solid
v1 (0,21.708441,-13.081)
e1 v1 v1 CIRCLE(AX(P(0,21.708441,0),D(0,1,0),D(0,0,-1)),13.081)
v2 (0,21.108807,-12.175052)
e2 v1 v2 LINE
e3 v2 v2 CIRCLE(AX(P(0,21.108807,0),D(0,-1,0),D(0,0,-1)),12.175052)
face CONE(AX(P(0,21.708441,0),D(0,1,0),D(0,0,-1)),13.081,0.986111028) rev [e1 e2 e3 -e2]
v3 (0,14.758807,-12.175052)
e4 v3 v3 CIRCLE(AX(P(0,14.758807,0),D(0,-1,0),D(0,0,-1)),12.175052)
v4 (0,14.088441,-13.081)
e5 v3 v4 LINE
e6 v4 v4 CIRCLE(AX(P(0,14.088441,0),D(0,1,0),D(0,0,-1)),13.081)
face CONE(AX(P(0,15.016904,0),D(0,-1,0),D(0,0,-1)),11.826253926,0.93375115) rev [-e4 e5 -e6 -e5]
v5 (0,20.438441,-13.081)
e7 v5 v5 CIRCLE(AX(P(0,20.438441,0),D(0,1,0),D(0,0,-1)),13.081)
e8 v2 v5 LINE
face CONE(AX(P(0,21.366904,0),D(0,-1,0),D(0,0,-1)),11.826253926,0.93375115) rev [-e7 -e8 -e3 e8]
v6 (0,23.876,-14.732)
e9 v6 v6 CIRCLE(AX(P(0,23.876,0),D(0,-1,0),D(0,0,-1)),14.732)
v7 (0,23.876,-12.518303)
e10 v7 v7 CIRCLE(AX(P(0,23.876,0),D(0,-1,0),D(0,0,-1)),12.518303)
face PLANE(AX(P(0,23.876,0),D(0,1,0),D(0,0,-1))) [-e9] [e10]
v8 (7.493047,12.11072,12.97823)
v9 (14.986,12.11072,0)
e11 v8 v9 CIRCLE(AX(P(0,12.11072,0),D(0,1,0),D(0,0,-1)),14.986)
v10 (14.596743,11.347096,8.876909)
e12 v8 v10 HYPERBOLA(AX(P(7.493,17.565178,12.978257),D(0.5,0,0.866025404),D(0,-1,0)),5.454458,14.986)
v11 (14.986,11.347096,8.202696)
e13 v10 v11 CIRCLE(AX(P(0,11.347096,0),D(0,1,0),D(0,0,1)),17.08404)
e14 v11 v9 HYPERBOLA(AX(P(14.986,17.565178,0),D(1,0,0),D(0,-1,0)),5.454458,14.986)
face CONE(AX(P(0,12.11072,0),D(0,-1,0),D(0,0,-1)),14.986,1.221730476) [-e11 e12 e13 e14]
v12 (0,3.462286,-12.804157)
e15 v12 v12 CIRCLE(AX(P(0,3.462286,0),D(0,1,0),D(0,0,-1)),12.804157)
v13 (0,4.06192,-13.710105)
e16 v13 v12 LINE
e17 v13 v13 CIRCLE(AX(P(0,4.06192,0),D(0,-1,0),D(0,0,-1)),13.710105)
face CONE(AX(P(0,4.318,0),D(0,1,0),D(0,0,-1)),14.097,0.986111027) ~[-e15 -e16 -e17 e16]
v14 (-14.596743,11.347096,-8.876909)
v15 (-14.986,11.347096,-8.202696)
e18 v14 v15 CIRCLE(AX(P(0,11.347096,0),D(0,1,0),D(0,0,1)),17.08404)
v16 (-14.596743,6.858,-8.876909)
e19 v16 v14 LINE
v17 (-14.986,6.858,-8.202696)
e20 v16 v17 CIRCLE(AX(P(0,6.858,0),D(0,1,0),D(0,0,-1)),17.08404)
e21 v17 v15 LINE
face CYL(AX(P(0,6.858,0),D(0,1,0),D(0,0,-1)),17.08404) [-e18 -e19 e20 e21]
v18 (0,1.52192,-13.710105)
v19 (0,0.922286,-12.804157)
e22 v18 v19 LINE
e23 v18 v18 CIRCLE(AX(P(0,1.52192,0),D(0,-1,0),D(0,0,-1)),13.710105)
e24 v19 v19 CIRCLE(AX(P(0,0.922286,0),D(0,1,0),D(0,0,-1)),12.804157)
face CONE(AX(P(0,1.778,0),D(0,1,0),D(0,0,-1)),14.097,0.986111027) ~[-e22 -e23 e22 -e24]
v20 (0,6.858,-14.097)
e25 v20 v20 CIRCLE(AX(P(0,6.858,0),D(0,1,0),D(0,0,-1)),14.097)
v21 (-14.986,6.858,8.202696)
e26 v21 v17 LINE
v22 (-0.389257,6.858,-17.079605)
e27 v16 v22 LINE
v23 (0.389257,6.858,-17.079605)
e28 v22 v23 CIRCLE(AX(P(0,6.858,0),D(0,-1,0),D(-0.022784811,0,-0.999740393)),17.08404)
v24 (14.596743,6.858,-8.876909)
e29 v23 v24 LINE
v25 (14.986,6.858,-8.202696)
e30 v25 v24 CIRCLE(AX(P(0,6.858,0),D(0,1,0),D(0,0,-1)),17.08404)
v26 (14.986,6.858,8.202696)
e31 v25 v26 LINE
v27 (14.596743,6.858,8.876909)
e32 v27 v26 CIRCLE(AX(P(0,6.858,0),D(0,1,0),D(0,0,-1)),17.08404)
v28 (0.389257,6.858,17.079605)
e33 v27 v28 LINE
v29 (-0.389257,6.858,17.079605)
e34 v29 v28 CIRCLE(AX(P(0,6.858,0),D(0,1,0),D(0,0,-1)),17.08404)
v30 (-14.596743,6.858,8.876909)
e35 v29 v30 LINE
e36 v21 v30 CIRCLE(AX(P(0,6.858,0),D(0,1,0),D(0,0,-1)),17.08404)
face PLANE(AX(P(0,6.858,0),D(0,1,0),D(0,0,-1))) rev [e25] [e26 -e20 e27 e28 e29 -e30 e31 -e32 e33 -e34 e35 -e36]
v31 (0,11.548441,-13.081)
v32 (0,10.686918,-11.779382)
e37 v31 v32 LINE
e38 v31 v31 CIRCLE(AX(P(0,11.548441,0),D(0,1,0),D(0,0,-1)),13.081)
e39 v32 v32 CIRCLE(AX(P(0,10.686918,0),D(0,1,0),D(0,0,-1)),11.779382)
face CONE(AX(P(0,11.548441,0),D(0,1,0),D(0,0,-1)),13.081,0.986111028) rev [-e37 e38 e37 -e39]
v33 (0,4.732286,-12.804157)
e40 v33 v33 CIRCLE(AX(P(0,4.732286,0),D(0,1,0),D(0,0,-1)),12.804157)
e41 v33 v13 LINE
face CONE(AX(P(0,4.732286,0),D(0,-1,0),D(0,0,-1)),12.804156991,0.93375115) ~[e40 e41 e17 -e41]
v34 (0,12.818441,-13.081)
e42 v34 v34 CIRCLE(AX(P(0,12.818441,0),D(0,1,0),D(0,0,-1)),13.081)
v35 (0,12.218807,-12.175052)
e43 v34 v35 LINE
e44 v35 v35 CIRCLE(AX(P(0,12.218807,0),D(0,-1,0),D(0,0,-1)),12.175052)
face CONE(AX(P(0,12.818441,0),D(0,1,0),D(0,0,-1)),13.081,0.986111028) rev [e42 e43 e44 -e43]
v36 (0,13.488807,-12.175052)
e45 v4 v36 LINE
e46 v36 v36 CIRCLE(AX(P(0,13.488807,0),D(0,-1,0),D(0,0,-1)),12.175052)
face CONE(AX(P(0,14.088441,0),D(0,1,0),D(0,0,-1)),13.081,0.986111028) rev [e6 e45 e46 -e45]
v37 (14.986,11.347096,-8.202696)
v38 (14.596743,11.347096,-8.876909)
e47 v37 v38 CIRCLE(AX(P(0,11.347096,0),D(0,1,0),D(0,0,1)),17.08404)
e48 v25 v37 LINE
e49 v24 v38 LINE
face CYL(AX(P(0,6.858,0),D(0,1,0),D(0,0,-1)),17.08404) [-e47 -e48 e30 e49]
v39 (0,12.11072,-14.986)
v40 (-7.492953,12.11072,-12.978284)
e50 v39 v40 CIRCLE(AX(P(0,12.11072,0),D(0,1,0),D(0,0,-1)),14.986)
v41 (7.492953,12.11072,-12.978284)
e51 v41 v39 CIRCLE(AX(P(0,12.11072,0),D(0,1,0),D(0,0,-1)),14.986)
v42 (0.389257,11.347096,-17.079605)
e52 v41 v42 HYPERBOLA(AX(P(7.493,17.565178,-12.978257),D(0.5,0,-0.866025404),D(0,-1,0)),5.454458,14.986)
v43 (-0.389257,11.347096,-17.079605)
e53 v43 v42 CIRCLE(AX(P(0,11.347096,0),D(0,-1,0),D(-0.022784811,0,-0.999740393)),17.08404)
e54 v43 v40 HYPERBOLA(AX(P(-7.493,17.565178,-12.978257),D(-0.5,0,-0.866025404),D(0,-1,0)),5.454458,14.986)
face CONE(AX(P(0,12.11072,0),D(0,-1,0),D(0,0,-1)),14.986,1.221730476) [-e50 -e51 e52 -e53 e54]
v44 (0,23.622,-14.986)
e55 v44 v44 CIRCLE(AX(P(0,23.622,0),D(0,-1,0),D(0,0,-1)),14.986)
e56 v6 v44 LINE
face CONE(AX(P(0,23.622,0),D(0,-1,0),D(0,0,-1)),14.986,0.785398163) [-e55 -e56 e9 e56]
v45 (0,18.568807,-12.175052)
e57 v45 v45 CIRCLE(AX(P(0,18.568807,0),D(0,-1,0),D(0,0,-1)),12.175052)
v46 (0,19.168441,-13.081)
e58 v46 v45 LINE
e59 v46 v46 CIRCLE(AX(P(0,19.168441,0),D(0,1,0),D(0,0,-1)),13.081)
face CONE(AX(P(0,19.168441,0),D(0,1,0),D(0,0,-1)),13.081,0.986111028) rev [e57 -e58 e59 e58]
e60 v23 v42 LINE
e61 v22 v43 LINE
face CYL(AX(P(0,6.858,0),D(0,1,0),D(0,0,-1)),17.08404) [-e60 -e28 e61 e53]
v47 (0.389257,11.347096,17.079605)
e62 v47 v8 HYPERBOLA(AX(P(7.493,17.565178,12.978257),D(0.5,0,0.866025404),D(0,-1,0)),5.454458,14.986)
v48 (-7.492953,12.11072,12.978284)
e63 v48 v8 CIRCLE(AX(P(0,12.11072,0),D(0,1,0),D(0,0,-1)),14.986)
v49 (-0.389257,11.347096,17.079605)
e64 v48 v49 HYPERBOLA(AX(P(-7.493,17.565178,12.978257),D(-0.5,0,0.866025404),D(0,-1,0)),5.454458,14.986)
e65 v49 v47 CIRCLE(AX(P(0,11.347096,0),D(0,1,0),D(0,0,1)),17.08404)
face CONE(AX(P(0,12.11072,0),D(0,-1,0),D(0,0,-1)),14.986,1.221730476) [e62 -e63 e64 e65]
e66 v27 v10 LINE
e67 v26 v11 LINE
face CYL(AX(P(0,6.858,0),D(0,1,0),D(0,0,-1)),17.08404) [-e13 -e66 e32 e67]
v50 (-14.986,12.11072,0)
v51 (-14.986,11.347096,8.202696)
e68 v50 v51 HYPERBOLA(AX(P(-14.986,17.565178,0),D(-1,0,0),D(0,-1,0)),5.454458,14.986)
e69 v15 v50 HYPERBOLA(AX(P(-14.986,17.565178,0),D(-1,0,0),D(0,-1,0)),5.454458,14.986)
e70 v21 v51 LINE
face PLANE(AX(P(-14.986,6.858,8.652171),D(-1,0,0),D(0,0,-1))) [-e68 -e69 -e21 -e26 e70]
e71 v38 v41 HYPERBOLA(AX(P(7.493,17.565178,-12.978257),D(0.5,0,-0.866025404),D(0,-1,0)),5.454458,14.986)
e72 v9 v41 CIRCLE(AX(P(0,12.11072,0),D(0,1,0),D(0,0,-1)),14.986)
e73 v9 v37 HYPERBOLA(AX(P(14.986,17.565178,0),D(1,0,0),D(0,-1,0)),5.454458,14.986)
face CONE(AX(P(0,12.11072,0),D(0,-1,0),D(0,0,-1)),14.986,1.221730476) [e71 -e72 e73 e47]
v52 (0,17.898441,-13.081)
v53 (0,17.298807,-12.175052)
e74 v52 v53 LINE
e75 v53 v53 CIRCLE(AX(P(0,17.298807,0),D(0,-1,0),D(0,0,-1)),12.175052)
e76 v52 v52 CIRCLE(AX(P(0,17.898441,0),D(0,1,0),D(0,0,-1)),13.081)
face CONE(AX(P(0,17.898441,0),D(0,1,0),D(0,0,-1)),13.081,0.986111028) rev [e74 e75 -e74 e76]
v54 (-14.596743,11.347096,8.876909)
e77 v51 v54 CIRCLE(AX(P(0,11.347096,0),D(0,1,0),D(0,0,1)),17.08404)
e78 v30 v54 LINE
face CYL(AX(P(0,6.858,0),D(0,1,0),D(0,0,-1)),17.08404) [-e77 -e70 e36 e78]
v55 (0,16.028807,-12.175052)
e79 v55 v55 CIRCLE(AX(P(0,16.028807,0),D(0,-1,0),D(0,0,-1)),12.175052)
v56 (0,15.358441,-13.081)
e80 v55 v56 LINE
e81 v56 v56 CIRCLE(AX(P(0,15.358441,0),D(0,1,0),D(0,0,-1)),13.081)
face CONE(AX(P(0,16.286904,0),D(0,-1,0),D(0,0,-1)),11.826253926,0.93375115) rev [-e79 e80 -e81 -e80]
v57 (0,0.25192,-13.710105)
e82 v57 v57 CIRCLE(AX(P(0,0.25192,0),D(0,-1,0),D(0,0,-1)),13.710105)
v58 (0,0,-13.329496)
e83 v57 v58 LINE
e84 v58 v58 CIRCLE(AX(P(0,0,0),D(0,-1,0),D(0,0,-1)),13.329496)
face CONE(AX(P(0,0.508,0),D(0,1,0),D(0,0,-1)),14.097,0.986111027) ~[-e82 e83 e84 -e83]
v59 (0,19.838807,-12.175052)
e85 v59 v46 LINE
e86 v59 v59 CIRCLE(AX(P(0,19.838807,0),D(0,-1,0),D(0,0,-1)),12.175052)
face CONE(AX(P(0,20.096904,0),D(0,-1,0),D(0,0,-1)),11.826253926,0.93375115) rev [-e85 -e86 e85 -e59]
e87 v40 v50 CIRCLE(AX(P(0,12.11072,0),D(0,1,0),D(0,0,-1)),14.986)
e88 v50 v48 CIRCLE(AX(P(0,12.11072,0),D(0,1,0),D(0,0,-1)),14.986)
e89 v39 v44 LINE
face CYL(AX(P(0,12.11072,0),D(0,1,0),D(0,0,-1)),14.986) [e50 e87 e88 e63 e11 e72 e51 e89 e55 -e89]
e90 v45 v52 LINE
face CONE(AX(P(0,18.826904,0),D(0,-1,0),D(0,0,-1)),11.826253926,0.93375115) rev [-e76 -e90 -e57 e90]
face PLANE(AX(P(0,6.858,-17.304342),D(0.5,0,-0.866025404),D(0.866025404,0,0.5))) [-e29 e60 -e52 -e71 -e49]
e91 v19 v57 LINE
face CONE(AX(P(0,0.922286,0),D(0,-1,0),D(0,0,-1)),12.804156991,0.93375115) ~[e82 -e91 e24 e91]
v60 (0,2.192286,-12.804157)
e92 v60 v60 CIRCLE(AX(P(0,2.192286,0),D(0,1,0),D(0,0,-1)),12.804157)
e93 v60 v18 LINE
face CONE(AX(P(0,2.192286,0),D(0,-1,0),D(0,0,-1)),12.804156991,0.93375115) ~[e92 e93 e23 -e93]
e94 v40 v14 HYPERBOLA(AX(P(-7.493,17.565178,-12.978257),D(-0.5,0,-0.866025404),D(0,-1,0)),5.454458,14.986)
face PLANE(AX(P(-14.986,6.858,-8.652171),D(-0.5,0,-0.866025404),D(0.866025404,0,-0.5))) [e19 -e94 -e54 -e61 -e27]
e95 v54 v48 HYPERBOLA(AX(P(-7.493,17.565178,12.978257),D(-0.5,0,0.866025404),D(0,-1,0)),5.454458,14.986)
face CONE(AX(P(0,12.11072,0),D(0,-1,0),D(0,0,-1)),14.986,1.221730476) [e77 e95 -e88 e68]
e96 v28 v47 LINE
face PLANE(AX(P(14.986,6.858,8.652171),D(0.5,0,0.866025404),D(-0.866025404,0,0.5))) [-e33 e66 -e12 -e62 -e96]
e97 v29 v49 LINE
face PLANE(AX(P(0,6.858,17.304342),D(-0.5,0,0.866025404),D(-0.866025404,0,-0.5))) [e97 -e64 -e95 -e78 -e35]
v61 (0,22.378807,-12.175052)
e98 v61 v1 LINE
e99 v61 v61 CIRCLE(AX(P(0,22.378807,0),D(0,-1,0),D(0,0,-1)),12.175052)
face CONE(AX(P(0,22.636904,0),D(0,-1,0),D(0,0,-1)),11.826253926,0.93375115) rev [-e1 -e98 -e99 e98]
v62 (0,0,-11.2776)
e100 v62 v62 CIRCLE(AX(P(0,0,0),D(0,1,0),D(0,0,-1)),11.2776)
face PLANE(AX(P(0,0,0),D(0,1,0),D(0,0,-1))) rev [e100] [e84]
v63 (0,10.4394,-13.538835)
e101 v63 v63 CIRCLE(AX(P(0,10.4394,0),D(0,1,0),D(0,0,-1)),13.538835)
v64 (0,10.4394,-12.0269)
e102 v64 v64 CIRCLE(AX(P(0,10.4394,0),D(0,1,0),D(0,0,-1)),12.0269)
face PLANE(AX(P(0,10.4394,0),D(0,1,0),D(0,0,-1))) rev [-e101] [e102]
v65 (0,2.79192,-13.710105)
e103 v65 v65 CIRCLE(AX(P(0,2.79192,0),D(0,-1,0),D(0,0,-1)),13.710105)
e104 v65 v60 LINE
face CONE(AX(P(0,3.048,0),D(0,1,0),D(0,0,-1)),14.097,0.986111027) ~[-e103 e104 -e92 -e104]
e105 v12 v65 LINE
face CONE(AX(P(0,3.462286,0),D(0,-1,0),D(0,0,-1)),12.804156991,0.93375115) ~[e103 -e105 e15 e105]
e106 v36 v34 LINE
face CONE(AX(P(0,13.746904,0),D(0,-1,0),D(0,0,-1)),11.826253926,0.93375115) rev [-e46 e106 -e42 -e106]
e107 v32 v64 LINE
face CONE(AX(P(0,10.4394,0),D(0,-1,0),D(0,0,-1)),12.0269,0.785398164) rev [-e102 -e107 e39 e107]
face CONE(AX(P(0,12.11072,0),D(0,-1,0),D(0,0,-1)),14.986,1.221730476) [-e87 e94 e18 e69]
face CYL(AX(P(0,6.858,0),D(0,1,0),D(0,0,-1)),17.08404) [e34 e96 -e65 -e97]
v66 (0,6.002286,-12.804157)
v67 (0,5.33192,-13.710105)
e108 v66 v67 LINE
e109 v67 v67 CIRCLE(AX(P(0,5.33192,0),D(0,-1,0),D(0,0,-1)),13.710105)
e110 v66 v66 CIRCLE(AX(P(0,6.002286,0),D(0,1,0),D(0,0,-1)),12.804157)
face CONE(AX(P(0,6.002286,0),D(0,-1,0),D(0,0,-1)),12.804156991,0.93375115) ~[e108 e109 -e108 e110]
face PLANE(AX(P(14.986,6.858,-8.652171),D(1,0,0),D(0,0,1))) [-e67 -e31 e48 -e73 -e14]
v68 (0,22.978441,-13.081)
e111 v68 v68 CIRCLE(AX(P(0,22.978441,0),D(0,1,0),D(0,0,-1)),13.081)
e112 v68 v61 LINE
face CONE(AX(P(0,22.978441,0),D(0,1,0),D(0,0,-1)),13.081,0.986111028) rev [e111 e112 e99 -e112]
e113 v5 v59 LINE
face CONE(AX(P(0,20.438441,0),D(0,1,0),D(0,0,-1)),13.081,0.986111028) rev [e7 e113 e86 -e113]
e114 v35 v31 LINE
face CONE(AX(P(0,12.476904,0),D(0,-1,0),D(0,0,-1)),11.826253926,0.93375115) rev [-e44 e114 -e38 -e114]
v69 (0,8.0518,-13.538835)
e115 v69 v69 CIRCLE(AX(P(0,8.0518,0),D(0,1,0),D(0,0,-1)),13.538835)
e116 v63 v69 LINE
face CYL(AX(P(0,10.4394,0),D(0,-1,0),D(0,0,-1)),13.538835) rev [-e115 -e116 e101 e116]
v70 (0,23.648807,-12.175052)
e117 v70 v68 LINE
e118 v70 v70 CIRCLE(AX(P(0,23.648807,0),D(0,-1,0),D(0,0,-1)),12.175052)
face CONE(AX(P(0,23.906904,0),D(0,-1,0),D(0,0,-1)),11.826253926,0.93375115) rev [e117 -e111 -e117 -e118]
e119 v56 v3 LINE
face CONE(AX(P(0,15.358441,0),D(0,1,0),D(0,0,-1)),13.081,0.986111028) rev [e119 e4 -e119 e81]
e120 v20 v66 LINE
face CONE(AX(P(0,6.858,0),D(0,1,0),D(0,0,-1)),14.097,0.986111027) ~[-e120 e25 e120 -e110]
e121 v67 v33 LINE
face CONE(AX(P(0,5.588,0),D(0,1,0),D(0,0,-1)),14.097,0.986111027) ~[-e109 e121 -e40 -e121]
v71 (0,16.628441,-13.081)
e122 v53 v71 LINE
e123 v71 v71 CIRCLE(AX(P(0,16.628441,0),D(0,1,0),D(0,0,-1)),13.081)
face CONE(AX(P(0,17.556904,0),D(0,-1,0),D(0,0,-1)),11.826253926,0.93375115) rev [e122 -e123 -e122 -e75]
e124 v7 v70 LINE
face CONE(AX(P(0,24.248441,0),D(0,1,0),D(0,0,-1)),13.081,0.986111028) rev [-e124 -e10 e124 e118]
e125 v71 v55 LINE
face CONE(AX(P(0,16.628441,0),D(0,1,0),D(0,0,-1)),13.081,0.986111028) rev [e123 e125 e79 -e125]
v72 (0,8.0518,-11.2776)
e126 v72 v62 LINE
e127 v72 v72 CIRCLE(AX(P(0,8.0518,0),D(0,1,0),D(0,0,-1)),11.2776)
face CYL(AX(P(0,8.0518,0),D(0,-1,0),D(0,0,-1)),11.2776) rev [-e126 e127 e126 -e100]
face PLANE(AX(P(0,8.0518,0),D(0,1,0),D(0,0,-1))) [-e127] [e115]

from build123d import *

# Parameters (mm, degrees)
SKETCH2_OUTSIDE_W  = 46.948
SKETCH2_OUTSIDE_H  = 46.948
CUT_EXTRUDE1_DEPTH = 18.018
SKETCH4_OUTSIDE_W  = 49.218
SKETCH4_OUTSIDE_H  = 53.414
SKETCH4_OUTSIDE_R  = 14.986
CUT_EXTRUDE3_DEPTH = 1.27
CUT_EXTRUDE3_DRAFT = -70
CHAMFER2_SIZE      = 0.247603347
CHAMFER2_SIZE2     = 0.254
LPATTERN1_COUNT    = 11
LPATTERN1_PITCH    = 1.27
LPATTERN2_COUNT    = 6
LPATTERN2_PITCH    = 1.27
CHAMFER3_SIZE      = 0.254


with BuildPart() as part:
    # Sketch1 → Revolve1 (revolve)
    with BuildSketch(Plane.XY, mode=Mode.PRIVATE) as revolve1_sk:
        Polygon((11.2776, 0), (13.91741695, 0), (14.097, 6.858), (17.08404, 6.858), (17.08404, 12.11072), (14.986, 12.11072), (14.986, 23.876), (12.124749754, 23.876), (11.7729, 10.4394), (13.538835, 10.4394), (13.538835, 8.0518), (11.2776, 8.0518), align=None)
    revolve(revolve1_sk.sketch.rotate(Axis((0, 0, 0), (0, 1, 0)), 90), axis=Axis((0, 0, 0), (0, 1, 0)))  # turned: the seam where the file's is

    # Sketch2 outside → Cut-Extrude1 (cut, through all)
    with BuildSketch(Plane.XZ.offset(-6.858)):
        Rectangle(SKETCH2_OUTSIDE_W, SKETCH2_OUTSIDE_H)
        Polygon((14.986, 8.652171134), (0, 17.304342268), (-14.986, 8.652171134), (-14.986, -8.652171134), (0, -17.304342268), (14.986, -8.652171134), align=None, mode=Mode.SUBTRACT)
    extrude(amount=-CUT_EXTRUDE1_DEPTH, mode=Mode.SUBTRACT)


with BuildPart() as cut_extrude3_tool:
    # Sketch4 outside → Cut-Extrude3 (with draft: the straight prism first)
    with BuildSketch(Plane(origin=(0, 12.11072, 0), x_dir=(-1, 0, 0), z_dir=(0, 1, 0))):
        Rectangle(SKETCH4_OUTSIDE_W, SKETCH4_OUTSIDE_H)
        with Locations(Location((0, 0, 0), (0, 0, 270))):  # turned: the seam where the file's is
            Circle(SKETCH4_OUTSIDE_R, mode=Mode.SUBTRACT)
    extrude(amount=-CUT_EXTRUDE3_DEPTH)
    # Cut-Extrude3: the draft: its side faces are tilted about the plane it starts from
    cut_extrude3_sides = [cut_extrude3_tool.faces().sort_by_distance(p)[0] for p in [
        (0, 11.47572, -26.707),
        (-24.609, 11.47572, 0),
        (0, 11.47572, 26.707),
        (24.609, 11.47572, 0),
        (0, 11.47572, 14.986),
    ]]
    draft(cut_extrude3_sides, Plane(origin=(0, 12.11072, 0), x_dir=(-1, 0, 0), z_dir=(0, 1, 0)), CUT_EXTRUDE3_DRAFT)


with BuildPart() as part_1:
    add(part.part)

    # Cut-Extrude3: cut by cut_extrude3_tool
    add(cut_extrude3_tool.part, mode=Mode.SUBTRACT)

    # Chamfer2
    chamfer2_edges = [part_1.edges().sort_by_distance(p)[0] for p in [
        (0, 10.4394, 11.7729),
    ]]
    chamfer2_side = [part_1.faces().sort_by_distance(p)[0] for p in [
        (0, 17.1577, 11.948824877),
    ]]
    chamfer(chamfer2_edges, length=CHAMFER2_SIZE, length2=CHAMFER2_SIZE2, reference=chamfer2_side[0])

    # Sketch7 → Cut-Revolve1 (revolve, cut)
    with BuildSketch(Plane.XY, mode=Mode.PRIVATE) as cut_revolve1_sk:
        Polygon((-11.7793815, 10.6869185), (-11.826253926, 12.476904245), (-13.081, 11.548440991), align=None)
    cut_revolve1 = revolve(cut_revolve1_sk.sketch.rotate(Axis((0, 0, 0), (0, 1, 0)), 270), axis=Axis((0, 0, 0), (0, 1, 0)), mode=Mode.SUBTRACT)  # turned: the seam where the file's is

    # LPattern1: Cut-Revolve1 ×11
    with Locations(*[(0, i * LPATTERN1_PITCH, 0) for i in range(1, LPATTERN1_COUNT)]):
        add(cut_revolve1, mode=Mode.SUBTRACT)

    # Sketch8 → Cut-Revolve2 (revolve, cut)
    with BuildSketch(Plane.XY, mode=Mode.PRIVATE) as cut_revolve2_sk:
        Polygon((-14.097, 6.858), (-12.804156991, 6.002285879), (-14.050443587, 5.08008231), align=None)
    cut_revolve2 = revolve(cut_revolve2_sk.sketch.rotate(Axis((0, 0, 0), (0, 1, 0)), 270), axis=Axis((0, 0, 0), (0, 1, 0)), mode=Mode.SUBTRACT)  # turned: the seam where the file's is

    # LPattern2: Cut-Revolve2 ×6
    with Locations(*[(0, -i * LPATTERN2_PITCH, 0) for i in range(1, LPATTERN2_COUNT)]):
        add(cut_revolve2, mode=Mode.SUBTRACT)

    # Chamfer3
    chamfer3_edges = [part_1.edges().sort_by_distance(p)[0] for p in [
        (0, 23.876, 14.986),
    ]]
    chamfer(chamfer3_edges, length=CHAMFER3_SIZE)


solid = part_1.part
